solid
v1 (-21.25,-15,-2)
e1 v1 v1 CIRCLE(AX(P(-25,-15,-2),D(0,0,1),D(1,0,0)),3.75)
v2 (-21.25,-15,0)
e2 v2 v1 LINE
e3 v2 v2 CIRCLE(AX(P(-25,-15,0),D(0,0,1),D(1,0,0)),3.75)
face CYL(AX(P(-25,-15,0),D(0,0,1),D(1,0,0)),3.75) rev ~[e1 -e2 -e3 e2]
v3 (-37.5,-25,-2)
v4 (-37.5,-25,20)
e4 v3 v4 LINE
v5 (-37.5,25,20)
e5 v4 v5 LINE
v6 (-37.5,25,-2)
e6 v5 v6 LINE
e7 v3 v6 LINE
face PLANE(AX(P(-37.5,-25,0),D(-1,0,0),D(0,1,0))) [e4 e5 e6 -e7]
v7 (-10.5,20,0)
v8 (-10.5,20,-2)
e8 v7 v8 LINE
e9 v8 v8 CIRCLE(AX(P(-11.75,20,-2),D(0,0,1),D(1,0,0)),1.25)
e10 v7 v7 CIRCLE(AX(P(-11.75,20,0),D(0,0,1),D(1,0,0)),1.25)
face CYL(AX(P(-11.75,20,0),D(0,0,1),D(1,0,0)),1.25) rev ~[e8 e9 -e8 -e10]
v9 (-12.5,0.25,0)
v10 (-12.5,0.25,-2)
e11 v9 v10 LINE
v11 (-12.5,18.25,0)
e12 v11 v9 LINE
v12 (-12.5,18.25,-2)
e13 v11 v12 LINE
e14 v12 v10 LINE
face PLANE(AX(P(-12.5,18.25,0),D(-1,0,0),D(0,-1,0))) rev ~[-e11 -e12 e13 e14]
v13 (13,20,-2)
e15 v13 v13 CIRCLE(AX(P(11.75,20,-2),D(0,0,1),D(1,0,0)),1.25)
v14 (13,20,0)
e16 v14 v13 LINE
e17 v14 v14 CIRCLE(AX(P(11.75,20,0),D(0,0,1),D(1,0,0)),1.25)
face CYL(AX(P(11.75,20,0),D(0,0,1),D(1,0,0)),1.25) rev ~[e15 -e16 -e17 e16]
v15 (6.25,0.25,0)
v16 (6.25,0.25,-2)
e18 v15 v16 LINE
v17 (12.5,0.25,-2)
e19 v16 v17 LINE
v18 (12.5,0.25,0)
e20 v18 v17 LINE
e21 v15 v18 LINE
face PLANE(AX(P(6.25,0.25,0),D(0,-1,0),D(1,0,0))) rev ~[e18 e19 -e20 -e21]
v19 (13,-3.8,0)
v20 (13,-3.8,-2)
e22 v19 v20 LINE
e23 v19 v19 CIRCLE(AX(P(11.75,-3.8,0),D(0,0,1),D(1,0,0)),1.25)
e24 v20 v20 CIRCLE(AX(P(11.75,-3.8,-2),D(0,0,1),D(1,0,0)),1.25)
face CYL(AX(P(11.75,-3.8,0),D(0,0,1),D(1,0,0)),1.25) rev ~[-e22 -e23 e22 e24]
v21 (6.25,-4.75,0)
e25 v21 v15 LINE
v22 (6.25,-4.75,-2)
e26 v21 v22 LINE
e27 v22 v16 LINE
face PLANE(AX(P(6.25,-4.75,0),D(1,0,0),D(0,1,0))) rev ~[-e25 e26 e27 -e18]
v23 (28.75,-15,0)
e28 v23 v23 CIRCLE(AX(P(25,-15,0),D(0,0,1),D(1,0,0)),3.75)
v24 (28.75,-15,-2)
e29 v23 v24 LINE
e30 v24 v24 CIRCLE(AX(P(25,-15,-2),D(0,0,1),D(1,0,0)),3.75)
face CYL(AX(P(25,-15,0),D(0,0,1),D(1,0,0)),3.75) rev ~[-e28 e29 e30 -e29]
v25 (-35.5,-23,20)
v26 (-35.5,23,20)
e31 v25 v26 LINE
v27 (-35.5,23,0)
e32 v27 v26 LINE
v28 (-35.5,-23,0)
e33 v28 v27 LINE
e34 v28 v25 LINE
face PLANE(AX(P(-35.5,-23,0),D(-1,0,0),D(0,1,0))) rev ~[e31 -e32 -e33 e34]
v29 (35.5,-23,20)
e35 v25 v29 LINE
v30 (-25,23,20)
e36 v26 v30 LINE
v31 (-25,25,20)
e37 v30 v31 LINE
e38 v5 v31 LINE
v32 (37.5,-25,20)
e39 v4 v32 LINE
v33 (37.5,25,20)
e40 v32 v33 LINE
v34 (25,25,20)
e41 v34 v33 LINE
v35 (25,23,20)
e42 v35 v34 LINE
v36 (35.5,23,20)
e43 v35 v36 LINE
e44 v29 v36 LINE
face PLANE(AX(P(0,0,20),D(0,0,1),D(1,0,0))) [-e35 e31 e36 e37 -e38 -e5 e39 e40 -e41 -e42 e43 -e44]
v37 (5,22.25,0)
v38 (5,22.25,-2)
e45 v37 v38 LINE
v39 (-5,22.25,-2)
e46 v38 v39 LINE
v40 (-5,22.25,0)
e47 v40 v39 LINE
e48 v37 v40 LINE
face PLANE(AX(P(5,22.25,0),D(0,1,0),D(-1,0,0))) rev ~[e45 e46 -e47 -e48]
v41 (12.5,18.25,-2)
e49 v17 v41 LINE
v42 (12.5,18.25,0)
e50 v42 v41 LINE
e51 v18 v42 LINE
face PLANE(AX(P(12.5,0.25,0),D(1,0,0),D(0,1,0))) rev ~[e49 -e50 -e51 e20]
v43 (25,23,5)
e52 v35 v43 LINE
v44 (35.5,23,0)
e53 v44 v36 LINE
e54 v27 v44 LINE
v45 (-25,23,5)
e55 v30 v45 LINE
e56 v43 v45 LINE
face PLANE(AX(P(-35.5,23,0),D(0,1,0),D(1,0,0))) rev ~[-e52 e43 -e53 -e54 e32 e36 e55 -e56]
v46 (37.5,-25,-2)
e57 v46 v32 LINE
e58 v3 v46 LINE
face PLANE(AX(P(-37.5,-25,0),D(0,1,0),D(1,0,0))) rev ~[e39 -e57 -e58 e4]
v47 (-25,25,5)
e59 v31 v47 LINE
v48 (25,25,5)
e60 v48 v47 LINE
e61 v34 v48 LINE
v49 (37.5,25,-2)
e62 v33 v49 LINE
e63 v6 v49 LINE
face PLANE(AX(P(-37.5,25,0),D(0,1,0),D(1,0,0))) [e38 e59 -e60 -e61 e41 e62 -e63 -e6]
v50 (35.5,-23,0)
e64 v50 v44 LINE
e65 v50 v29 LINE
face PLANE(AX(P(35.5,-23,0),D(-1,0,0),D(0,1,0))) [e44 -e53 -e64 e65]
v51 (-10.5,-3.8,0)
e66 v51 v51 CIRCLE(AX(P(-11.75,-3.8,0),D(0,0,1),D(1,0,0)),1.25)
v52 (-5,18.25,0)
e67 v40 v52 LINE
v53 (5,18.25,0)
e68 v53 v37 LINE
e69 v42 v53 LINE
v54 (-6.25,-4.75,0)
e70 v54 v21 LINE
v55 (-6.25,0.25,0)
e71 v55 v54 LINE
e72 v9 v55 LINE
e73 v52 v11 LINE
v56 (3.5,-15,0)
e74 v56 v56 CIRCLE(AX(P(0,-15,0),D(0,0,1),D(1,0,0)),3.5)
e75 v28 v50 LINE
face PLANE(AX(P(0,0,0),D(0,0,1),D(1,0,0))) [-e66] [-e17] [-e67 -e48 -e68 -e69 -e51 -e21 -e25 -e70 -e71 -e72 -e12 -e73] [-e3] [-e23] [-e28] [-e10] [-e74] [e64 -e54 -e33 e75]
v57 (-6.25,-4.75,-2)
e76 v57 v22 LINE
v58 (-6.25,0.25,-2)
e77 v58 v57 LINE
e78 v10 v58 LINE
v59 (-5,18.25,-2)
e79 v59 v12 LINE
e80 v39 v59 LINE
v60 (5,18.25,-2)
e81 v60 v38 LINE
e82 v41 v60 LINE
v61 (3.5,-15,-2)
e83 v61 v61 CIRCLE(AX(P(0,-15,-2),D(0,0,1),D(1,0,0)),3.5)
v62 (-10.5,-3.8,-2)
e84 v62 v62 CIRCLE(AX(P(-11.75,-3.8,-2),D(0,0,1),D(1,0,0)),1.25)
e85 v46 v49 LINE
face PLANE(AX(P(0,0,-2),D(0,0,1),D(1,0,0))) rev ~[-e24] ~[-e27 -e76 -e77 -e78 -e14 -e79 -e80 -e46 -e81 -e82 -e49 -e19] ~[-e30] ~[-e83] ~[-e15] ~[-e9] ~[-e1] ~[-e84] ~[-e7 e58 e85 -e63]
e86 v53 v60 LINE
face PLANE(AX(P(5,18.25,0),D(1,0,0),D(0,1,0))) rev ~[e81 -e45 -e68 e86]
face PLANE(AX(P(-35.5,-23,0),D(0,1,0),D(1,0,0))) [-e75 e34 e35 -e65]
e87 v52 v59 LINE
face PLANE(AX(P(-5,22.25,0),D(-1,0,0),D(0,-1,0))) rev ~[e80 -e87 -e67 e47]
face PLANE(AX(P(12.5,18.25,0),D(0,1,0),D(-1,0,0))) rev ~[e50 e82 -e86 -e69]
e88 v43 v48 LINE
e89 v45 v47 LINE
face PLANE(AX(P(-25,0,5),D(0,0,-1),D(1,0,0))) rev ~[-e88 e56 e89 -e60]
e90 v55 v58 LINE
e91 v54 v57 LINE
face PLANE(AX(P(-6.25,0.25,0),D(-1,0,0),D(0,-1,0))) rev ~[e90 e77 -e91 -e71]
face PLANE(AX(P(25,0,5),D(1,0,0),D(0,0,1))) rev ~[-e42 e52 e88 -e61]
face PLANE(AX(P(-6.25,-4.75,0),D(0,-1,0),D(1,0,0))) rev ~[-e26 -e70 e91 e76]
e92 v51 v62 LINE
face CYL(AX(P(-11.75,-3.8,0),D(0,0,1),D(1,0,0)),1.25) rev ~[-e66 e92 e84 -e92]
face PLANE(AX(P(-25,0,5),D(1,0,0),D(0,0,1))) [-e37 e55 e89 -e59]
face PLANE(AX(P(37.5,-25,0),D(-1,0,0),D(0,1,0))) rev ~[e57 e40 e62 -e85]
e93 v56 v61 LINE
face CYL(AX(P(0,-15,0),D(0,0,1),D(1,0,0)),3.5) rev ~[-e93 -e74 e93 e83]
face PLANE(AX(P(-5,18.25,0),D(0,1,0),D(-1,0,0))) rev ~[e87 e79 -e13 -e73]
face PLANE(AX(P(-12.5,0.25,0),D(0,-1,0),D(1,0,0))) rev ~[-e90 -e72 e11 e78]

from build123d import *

# Parameters (mm, degrees)
SKETCH_W      = 75
SKETCH_H      = 50
SKETCH_R      = 3.5
SKETCH_R_2    = 3.75
SKETCH_R_3    = 1.25
PAD_DEPTH     = 2
SKETCH001_W   = 75
SKETCH001_H   = 50
SKETCH001_W_2 = 71
SKETCH001_H_2 = 46
PAD001_DEPTH  = 20
SKETCH002_W   = 50
SKETCH002_H   = 15
POCKET_DEPTH  = 25.001


with BuildPart() as part:
    # Sketch → Pad (new body)
    with BuildSketch(Plane.XY):
        Rectangle(SKETCH_W, SKETCH_H)
        with Locations((0, -15)):
            Circle(SKETCH_R, mode=Mode.SUBTRACT)
        with Locations((25, -15)):
            Circle(SKETCH_R_2, mode=Mode.SUBTRACT)
        with Locations((-25, -15)):
            Circle(SKETCH_R_2, mode=Mode.SUBTRACT)
        with Locations((-11.75, 20)):
            Circle(SKETCH_R_3, mode=Mode.SUBTRACT)
        with Locations((-11.75, -3.8)):
            Circle(SKETCH_R_3, mode=Mode.SUBTRACT)
        with Locations((11.75, -3.8)):
            Circle(SKETCH_R_3, mode=Mode.SUBTRACT)
        with Locations((11.75, 20)):
            Circle(SKETCH_R_3, mode=Mode.SUBTRACT)
        Polygon((-12.5, 18.25), (-12.5, 0.25), (-6.25, 0.25), (-6.25, -4.75), (6.25, -4.75), (6.25, 0.25), (12.5, 0.25), (12.5, 18.25), (5, 18.25), (5, 22.25), (-5, 22.25), (-5, 18.25), align=None, mode=Mode.SUBTRACT)
    extrude(amount=-PAD_DEPTH)

    # Sketch001 → Pad001 (join)
    with BuildSketch(Plane.XY):
        Rectangle(SKETCH001_W, SKETCH001_H)
        Rectangle(SKETCH001_W_2, SKETCH001_H_2, mode=Mode.SUBTRACT)
    extrude(amount=PAD001_DEPTH)

    # Sketch002 → Pocket (cut, through all)
    with BuildSketch(Plane.XZ):
        with Locations((0, 12.5)):
            Rectangle(SKETCH002_W, SKETCH002_H)
    extrude(amount=-POCKET_DEPTH, mode=Mode.SUBTRACT)


solid = part.part
